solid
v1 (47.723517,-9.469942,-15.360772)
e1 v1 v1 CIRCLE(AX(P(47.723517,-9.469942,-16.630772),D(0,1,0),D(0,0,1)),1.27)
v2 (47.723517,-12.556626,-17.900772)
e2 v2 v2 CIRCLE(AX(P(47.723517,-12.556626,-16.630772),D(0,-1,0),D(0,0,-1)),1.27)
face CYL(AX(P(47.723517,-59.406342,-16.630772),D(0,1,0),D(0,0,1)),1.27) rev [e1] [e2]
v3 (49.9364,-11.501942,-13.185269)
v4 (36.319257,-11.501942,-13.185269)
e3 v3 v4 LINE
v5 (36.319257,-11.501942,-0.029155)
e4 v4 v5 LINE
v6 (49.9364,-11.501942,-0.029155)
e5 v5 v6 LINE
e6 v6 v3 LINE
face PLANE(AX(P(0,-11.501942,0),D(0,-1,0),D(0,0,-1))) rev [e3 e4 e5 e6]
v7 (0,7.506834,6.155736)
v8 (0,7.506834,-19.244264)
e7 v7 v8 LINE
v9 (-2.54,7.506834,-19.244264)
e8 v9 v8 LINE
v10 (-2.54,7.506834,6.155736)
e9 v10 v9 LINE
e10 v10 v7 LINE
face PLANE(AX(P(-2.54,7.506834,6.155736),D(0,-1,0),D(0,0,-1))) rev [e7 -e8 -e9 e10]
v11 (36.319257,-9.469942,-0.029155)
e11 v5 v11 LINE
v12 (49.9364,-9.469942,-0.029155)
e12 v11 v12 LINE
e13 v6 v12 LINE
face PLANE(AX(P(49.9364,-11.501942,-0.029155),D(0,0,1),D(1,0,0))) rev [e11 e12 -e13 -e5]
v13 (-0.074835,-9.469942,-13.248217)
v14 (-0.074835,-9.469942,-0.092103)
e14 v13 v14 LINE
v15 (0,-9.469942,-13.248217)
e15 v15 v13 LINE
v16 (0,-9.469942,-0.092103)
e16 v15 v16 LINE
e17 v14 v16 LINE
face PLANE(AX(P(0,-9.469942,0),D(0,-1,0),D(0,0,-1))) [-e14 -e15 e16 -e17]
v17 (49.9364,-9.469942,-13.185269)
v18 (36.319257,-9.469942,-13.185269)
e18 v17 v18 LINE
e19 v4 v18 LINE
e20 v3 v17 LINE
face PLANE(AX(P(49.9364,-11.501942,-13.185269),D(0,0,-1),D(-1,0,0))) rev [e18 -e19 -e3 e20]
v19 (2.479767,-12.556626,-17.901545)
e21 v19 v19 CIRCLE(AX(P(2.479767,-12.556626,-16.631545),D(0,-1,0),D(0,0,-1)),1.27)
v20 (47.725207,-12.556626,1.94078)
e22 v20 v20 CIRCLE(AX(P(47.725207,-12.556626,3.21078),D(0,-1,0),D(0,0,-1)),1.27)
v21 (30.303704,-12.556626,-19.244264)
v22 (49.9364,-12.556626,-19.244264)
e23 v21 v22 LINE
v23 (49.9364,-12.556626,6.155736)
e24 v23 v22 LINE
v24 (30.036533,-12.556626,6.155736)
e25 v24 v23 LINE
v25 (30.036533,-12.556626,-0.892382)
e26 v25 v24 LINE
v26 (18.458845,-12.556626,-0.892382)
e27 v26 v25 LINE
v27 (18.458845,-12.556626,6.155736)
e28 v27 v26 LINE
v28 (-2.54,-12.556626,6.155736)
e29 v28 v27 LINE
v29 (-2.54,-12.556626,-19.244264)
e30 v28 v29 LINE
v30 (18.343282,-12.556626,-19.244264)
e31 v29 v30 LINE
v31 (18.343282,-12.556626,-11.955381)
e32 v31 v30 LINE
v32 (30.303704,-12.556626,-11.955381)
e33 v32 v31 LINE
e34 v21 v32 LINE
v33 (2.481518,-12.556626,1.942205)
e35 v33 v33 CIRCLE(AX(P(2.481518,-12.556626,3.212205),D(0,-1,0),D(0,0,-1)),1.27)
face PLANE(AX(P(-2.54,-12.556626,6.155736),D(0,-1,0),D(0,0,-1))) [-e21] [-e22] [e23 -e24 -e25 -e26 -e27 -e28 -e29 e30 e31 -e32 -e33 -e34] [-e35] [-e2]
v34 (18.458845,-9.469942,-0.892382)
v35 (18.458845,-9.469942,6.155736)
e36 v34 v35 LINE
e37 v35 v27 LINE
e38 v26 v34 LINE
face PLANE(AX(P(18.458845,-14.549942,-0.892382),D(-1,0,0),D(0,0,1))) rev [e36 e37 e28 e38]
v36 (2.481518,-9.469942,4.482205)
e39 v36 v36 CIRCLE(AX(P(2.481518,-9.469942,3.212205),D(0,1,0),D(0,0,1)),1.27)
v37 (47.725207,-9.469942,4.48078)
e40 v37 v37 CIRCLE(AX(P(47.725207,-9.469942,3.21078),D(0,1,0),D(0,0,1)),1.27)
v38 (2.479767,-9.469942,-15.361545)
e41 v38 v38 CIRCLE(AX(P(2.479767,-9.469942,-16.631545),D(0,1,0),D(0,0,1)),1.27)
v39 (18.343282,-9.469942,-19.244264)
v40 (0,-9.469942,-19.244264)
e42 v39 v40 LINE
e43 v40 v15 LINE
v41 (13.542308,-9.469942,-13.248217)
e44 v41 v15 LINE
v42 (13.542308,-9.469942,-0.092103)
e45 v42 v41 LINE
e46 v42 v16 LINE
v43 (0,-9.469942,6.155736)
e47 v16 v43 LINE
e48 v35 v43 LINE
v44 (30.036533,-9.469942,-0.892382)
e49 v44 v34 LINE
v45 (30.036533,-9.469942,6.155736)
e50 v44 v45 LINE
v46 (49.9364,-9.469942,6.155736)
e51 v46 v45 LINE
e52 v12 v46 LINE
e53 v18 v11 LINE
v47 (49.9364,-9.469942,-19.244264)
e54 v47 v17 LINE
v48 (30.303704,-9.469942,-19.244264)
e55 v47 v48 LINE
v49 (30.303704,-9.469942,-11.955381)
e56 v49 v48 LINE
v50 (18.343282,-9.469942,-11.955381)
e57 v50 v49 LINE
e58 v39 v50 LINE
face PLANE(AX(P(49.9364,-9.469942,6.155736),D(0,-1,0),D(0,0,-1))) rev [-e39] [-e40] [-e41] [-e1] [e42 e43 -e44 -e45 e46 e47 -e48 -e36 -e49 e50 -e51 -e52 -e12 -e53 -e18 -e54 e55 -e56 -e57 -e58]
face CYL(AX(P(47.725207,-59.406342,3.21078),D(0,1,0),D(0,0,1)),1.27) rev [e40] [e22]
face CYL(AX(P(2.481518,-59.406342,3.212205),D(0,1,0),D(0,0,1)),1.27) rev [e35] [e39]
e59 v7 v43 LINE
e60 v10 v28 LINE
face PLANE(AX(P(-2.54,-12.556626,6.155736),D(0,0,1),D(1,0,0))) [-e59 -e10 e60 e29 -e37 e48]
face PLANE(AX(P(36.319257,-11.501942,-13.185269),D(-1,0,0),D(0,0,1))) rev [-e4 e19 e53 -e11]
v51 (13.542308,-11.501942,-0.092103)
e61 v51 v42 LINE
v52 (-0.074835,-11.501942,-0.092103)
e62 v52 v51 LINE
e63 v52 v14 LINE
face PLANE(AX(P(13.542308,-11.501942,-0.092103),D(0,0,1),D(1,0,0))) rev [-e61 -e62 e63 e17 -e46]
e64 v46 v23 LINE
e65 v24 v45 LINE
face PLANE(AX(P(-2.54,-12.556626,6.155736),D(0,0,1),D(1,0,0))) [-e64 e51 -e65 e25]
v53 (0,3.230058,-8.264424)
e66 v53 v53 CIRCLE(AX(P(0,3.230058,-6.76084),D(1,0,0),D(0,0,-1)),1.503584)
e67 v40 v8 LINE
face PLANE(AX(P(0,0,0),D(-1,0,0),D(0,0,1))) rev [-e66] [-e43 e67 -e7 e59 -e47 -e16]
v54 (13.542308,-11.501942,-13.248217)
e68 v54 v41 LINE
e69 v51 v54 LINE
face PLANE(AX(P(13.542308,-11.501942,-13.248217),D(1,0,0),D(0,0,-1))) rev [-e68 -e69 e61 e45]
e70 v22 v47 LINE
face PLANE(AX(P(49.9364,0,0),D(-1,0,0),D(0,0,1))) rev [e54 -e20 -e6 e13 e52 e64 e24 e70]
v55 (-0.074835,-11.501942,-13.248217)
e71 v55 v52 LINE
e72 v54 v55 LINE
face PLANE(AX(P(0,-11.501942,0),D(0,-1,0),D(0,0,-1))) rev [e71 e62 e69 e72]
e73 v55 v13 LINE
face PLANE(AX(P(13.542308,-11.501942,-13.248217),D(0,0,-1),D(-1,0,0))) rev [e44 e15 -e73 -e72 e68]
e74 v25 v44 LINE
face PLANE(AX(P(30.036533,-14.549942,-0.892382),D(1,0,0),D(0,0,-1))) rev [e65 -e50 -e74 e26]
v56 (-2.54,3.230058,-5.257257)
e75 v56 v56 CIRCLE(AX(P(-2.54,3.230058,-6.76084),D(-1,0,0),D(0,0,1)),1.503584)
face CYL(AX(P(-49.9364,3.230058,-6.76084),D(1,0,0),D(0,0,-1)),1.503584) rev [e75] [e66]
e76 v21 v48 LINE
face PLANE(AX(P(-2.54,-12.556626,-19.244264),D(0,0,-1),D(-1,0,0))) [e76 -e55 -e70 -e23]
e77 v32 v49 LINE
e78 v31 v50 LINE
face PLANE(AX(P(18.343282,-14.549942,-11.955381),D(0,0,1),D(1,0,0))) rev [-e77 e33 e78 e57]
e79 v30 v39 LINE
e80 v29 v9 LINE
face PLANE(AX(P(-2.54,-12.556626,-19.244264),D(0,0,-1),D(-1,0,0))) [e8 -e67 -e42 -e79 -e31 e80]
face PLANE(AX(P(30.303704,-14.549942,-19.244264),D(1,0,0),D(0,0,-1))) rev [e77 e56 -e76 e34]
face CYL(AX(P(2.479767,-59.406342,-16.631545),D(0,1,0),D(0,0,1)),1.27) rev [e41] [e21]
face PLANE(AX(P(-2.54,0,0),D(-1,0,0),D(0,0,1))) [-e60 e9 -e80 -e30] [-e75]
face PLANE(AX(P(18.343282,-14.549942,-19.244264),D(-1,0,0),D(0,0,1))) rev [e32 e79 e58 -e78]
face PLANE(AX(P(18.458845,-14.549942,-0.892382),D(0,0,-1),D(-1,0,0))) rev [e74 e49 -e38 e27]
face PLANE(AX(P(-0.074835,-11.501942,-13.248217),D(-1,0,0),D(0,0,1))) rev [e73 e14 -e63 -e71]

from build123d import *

# Parameters (mm, degrees)
SKETCH5_W           = 25.4
SKETCH5_H           = 25.4
BOSS_EXTRUDE2_DEPTH = 2.54
SKETCH6_W           = 25.4
SKETCH6_H           = 3.086684186
BOSS_EXTRUDE3_DEPTH = 49.9364
SKETCH7_R           = 1.27
CUT_EXTRUDE1_DEPTH  = 49.9364
SKETCH8_R           = 1.503583718
CUT_EXTRUDE2_DEPTH  = 49.9364
SKETCH9_W           = 11.960422389
SKETCH9_H           = 7.288882616
SKETCH9_W_2         = 11.577688012
SKETCH9_H_2         = 7.115600704
CUT_EXTRUDE4_DEPTH  = 5.08
SKETCH10_W          = 13.617142972
SKETCH10_H          = 13.156114308
SKETCH10_H_2        = 13.156114309
CUT_EXTRUDE5_DEPTH  = 2.032
SKETCH12_W          = 25.4
SKETCH12_H          = 5.336540019
CUT_EXTRUDE6_DEPTH  = 2.54


with BuildPart() as part:
    # Sketch5 → Boss-Extrude2 (new body)
    with BuildSketch(Plane(origin=(0, 0, 0), x_dir=(0, 0, -1), z_dir=(1, 0, 0))):
        with Locations((6.544263828, 0.143373815)):
            Rectangle(SKETCH5_W, SKETCH5_H)
    extrude(amount=-BOSS_EXTRUDE2_DEPTH)

    # Sketch6 → Boss-Extrude3 (add)
    with BuildSketch(Plane(origin=(0, 0, 0), x_dir=(0, 0, -1), z_dir=(1, 0, 0))):
        with Locations((6.544263828, -11.013284092)):
            Rectangle(SKETCH6_W, SKETCH6_H)
    extrude(amount=BOSS_EXTRUDE3_DEPTH)

    # Sketch7 → Cut-Extrude1 (cut)
    with BuildSketch(Plane(origin=(0, -9.469941999, 0), x_dir=(1, 0, 0), z_dir=(0, 1, 0))):
        with Locations(Location((2.479766783, 16.6315447, 0), (0, 0, 270))):
            Circle(SKETCH7_R)
        with Locations(Location((47.725207241, -3.210779596, 0), (0, 0, 270))):
            Circle(SKETCH7_R)
        with Locations(Location((47.723516777, 16.630771834, 0), (0, 0, 270))):
            Circle(SKETCH7_R)
        with Locations(Location((2.481517748, -3.212205223, 0), (0, 0, 270))):
            Circle(SKETCH7_R)
    extrude(amount=-CUT_EXTRUDE1_DEPTH, mode=Mode.SUBTRACT)

    # Sketch8 → Cut-Extrude2 (cut)
    with BuildSketch(Plane(origin=(0, 0, 0), x_dir=(0, 0, -1), z_dir=(1, 0, 0))):
        with Locations((6.760840433, 3.230058001)):
            Circle(SKETCH8_R)
    extrude(amount=-CUT_EXTRUDE2_DEPTH, mode=Mode.SUBTRACT)

    # Sketch9 → Cut-Extrude4 (cut)
    with BuildSketch(Plane(origin=(0, -9.469941999, 0), x_dir=(1, 0, 0), z_dir=(0, 1, 0))):
        with Locations((24.323492834, 15.59982252)):
            Rectangle(SKETCH9_W, SKETCH9_H)
        with Locations((24.247688593, -2.66541828)):
            Rectangle(SKETCH9_W_2, SKETCH9_H_2)
    extrude(amount=-CUT_EXTRUDE4_DEPTH, mode=Mode.SUBTRACT)

    # Sketch10 → Cut-Extrude5 (cut)
    with BuildSketch(Plane(origin=(0, -9.469941999, 0), x_dir=(1, 0, 0), z_dir=(0, 1, 0))):
        with Locations((6.733736813, 6.670159659)):
            Rectangle(SKETCH10_W, SKETCH10_H)
        with Locations((43.127828514, 6.607211743)):
            Rectangle(SKETCH10_W, SKETCH10_H_2)
    extrude(amount=-CUT_EXTRUDE5_DEPTH, mode=Mode.SUBTRACT)

    # Sketch12 → Cut-Extrude6 (cut)
    with BuildSketch(Plane(origin=(0, 0, 0), x_dir=(0, 0, -1), z_dir=(1, 0, 0))):
        with Locations((6.544263828, 10.175103806)):
            Rectangle(SKETCH12_W, SKETCH12_H)
    extrude(amount=-CUT_EXTRUDE6_DEPTH, mode=Mode.SUBTRACT)


solid = part.part
